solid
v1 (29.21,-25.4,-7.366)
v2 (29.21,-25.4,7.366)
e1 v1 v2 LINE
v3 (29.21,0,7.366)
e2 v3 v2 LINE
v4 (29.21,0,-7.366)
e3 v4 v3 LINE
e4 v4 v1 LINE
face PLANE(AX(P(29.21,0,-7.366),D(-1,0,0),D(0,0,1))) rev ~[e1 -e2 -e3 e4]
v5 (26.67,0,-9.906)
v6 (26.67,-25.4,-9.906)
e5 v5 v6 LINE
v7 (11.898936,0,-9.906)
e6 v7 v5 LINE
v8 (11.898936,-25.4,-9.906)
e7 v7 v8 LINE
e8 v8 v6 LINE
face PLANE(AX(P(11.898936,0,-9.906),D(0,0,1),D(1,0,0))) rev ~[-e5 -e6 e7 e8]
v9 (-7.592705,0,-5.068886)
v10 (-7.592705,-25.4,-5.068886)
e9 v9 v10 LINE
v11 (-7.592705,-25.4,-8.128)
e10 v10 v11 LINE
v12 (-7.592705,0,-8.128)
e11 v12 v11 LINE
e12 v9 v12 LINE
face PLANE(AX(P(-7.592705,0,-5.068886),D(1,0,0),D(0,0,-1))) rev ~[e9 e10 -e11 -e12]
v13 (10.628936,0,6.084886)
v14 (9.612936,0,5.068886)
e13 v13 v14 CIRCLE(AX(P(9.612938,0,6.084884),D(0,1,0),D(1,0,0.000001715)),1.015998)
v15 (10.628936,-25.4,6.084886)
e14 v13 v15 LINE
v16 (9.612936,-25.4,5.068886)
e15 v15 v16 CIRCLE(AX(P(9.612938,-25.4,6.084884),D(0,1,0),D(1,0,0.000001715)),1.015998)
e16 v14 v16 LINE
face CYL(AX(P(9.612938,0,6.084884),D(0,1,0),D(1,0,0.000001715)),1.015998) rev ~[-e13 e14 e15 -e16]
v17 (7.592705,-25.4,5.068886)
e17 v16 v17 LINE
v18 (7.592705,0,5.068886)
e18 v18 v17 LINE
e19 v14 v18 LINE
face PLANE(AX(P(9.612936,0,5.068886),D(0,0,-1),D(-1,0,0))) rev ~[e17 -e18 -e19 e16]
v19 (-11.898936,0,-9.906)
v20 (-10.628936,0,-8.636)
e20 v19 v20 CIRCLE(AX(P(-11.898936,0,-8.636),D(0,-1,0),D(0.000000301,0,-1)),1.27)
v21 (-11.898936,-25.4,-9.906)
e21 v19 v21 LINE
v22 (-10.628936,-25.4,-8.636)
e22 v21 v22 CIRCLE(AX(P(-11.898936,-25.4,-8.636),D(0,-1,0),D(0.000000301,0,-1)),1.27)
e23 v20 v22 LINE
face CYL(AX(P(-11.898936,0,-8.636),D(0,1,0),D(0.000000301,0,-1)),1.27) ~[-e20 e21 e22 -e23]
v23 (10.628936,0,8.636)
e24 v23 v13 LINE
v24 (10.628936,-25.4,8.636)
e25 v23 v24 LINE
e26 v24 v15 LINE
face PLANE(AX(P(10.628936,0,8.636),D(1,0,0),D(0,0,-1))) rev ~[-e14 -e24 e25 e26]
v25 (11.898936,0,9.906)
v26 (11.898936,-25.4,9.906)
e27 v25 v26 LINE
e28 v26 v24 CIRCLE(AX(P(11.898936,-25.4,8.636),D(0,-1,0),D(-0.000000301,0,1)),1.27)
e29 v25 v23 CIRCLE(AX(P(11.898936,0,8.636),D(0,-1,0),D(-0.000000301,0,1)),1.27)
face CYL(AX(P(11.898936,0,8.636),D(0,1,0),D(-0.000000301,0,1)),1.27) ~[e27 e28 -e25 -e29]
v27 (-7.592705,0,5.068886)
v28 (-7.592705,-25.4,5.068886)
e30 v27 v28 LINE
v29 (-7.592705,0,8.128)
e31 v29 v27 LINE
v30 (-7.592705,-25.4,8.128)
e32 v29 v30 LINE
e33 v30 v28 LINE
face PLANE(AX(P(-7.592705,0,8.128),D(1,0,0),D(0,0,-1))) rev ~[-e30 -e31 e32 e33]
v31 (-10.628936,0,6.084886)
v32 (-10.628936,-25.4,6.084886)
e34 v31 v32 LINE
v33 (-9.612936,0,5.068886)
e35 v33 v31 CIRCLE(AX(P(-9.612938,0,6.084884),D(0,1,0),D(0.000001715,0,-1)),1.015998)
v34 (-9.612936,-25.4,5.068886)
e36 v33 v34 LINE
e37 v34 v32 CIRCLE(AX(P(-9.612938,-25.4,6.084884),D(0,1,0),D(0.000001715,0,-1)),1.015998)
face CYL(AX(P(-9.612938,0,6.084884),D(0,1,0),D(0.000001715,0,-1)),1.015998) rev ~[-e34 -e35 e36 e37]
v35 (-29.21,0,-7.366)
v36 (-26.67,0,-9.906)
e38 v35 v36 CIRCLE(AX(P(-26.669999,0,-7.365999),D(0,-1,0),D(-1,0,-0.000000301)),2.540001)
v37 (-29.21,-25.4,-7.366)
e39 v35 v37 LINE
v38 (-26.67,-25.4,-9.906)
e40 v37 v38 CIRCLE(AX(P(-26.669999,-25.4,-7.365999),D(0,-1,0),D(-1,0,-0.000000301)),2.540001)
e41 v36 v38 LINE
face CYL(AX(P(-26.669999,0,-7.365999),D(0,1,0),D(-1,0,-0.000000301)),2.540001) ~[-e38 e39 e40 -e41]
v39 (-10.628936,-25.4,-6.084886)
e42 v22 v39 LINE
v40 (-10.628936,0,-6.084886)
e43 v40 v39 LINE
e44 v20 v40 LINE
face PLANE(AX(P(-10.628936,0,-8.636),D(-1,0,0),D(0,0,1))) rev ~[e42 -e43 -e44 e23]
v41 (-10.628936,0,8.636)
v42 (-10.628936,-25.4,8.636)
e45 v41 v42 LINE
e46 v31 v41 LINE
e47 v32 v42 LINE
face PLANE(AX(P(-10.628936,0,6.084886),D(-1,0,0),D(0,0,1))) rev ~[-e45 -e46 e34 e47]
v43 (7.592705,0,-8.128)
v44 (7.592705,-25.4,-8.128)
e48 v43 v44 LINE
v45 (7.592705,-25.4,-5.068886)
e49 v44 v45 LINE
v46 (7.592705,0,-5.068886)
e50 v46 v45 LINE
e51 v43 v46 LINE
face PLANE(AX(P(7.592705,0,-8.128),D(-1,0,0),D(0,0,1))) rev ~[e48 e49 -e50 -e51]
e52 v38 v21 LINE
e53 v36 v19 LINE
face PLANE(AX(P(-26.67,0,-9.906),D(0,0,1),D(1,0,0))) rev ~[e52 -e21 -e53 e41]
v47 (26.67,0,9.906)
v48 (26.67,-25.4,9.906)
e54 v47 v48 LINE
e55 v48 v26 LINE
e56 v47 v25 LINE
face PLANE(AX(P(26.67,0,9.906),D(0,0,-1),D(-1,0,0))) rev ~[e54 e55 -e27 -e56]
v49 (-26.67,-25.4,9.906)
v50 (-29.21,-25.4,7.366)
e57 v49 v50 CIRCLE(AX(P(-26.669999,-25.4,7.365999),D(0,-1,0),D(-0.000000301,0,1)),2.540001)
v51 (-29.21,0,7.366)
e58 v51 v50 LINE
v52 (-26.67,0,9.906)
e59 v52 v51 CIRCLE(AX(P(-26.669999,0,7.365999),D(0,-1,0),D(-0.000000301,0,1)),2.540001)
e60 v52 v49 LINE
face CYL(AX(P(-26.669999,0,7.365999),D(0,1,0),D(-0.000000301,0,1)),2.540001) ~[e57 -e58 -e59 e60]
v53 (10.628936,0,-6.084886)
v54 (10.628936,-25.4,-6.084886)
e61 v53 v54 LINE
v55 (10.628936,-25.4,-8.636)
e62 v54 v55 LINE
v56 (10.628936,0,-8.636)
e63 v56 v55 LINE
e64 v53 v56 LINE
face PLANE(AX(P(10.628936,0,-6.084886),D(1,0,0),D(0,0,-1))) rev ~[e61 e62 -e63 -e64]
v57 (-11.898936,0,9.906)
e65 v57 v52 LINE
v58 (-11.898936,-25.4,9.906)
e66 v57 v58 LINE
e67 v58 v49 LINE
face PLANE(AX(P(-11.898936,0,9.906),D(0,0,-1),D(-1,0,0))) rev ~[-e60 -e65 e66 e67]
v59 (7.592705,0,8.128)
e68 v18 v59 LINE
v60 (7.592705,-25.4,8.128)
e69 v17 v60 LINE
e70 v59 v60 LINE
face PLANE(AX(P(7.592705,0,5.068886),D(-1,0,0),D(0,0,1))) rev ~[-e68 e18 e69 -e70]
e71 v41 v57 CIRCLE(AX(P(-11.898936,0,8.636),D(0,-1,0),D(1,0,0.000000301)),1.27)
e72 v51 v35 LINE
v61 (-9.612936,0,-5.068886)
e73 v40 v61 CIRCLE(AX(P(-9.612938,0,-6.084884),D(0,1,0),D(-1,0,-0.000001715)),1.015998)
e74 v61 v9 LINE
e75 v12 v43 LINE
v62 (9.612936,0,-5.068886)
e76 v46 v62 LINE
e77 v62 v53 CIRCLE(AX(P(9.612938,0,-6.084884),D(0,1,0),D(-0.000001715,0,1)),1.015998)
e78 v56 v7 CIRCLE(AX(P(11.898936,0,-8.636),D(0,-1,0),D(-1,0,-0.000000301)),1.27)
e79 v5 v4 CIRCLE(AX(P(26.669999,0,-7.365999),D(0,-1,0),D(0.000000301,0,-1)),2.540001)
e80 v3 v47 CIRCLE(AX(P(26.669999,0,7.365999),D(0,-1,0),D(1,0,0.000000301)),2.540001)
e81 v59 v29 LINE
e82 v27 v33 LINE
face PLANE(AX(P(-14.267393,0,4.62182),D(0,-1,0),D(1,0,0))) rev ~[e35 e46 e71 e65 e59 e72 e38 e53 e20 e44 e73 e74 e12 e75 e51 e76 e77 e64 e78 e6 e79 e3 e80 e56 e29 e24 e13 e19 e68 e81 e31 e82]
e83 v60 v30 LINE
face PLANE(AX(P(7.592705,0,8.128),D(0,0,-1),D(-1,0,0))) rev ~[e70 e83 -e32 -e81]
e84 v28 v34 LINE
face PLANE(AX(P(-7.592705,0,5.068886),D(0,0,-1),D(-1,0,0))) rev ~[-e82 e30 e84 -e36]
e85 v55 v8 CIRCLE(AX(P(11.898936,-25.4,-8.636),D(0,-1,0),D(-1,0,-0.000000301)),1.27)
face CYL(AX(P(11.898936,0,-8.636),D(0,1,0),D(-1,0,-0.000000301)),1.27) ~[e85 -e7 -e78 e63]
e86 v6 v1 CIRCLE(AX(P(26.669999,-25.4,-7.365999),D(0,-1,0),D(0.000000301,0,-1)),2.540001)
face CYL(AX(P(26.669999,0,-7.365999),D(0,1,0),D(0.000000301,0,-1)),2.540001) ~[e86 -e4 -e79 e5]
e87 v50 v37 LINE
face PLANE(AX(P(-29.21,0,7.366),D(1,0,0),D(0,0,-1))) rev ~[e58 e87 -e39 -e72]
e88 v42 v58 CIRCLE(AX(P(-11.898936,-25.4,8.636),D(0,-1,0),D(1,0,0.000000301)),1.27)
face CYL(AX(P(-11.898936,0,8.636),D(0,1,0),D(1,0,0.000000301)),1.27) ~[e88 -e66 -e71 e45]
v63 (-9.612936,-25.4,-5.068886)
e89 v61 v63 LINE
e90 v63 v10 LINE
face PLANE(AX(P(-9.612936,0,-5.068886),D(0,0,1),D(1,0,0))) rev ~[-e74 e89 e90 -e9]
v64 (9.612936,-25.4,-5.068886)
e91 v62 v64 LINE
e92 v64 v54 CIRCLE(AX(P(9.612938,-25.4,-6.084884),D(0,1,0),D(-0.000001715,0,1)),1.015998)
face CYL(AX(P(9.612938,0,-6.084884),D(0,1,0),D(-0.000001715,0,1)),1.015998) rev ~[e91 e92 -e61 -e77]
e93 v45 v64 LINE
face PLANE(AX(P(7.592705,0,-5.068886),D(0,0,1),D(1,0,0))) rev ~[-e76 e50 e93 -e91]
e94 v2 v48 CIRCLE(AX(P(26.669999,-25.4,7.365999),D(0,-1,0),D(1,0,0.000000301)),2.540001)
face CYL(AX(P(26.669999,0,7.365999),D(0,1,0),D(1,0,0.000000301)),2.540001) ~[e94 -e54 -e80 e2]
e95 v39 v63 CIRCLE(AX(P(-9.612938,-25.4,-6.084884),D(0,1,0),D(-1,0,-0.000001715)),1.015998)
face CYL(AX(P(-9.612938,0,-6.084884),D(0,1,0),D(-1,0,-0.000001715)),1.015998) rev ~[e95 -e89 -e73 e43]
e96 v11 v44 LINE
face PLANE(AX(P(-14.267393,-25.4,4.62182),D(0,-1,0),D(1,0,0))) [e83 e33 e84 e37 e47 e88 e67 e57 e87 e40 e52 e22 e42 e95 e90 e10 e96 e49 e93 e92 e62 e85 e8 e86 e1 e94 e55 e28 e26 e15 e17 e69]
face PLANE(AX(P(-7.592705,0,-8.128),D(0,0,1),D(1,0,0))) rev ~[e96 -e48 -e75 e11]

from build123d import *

# Parameters (mm, degrees)
F1_DEPTH = 25.4


with BuildPart() as f1:
    # F0 (on Front) → F1 (new body)
    with BuildSketch(Plane.XZ):
        with BuildLine():
            Line((-29.21, 7.366), (-29.21, 0))
            Line((-29.21, 0), (0, 0))
            Line((0, 0), (0, 8.128))
            Line((0, 8.128), (-7.592705, 8.128))
            Line((-7.592705, 8.128), (-7.592705, 5.068886))
            Line((-7.592705, 5.068886), (-9.612936, 5.068886))
            ThreePointArc((-9.612936, 5.068886), (-10.331357, 5.366465), (-10.628936, 6.084886))
            Line((-10.628936, 6.084886), (-10.628936, 8.636))
            ThreePointArc((-10.628936, 8.636), (-11.000911, 9.534026), (-11.898936, 9.906))
            Line((-11.898936, 9.906), (-26.67, 9.906))
            ThreePointArc((-26.67, 9.906), (-28.466051, 9.162051), (-29.21, 7.366))
        make_face()
        with BuildLine():
            Line((0, 0), (-29.21, 0))
            Line((-29.21, 0), (-29.21, -7.366))
            ThreePointArc((-29.21, -7.366), (-28.466051, -9.162051), (-26.67, -9.906))
            Line((-26.67, -9.906), (-11.898936, -9.906))
            ThreePointArc((-11.898936, -9.906), (-11.000911, -9.534026), (-10.628936, -8.636))
            Line((-10.628936, -8.636), (-10.628936, -6.084886))
            ThreePointArc((-10.628936, -6.084886), (-10.331357, -5.366465), (-9.612936, -5.068886))
            Line((-9.612936, -5.068886), (-7.592705, -5.068886))
            Line((-7.592705, -5.068886), (-7.592705, -8.128))
            Line((-7.592705, -8.128), (0, -8.128))
            Line((0, -8.128), (7.592705, -8.128))
            Line((7.592705, -8.128), (7.592705, -5.068886))
            Line((7.592705, -5.068886), (9.612936, -5.068886))
            ThreePointArc((9.612936, -5.068886), (10.331357, -5.366465), (10.628936, -6.084886))
            Line((10.628936, -6.084886), (10.628936, -8.636))
            ThreePointArc((10.628936, -8.636), (11.000911, -9.534026), (11.898936, -9.906))
            Line((11.898936, -9.906), (26.67, -9.906))
            ThreePointArc((26.67, -9.906), (28.466051, -9.162051), (29.21, -7.366))
            Line((29.21, -7.366), (29.21, 0))
            Line((29.21, 0), (0, 0))
        make_face()
        with BuildLine():
            Line((0, 8.128), (0, 0))
            Line((0, 0), (29.21, 0))
            Line((29.21, 0), (29.21, 7.366))
            ThreePointArc((29.21, 7.366), (28.466051, 9.162051), (26.67, 9.906))
            Line((26.67, 9.906), (11.898936, 9.906))
            ThreePointArc((11.898936, 9.906), (11.000911, 9.534026), (10.628936, 8.636))
            Line((10.628936, 8.636), (10.628936, 6.084886))
            ThreePointArc((10.628936, 6.084886), (10.331357, 5.366465), (9.612936, 5.068886))
            Line((9.612936, 5.068886), (7.592705, 5.068886))
            Line((7.592705, 5.068886), (7.592705, 8.128))
            Line((7.592705, 8.128), (0, 8.128))
        make_face()
    extrude(amount=F1_DEPTH)


solid = f1.part
